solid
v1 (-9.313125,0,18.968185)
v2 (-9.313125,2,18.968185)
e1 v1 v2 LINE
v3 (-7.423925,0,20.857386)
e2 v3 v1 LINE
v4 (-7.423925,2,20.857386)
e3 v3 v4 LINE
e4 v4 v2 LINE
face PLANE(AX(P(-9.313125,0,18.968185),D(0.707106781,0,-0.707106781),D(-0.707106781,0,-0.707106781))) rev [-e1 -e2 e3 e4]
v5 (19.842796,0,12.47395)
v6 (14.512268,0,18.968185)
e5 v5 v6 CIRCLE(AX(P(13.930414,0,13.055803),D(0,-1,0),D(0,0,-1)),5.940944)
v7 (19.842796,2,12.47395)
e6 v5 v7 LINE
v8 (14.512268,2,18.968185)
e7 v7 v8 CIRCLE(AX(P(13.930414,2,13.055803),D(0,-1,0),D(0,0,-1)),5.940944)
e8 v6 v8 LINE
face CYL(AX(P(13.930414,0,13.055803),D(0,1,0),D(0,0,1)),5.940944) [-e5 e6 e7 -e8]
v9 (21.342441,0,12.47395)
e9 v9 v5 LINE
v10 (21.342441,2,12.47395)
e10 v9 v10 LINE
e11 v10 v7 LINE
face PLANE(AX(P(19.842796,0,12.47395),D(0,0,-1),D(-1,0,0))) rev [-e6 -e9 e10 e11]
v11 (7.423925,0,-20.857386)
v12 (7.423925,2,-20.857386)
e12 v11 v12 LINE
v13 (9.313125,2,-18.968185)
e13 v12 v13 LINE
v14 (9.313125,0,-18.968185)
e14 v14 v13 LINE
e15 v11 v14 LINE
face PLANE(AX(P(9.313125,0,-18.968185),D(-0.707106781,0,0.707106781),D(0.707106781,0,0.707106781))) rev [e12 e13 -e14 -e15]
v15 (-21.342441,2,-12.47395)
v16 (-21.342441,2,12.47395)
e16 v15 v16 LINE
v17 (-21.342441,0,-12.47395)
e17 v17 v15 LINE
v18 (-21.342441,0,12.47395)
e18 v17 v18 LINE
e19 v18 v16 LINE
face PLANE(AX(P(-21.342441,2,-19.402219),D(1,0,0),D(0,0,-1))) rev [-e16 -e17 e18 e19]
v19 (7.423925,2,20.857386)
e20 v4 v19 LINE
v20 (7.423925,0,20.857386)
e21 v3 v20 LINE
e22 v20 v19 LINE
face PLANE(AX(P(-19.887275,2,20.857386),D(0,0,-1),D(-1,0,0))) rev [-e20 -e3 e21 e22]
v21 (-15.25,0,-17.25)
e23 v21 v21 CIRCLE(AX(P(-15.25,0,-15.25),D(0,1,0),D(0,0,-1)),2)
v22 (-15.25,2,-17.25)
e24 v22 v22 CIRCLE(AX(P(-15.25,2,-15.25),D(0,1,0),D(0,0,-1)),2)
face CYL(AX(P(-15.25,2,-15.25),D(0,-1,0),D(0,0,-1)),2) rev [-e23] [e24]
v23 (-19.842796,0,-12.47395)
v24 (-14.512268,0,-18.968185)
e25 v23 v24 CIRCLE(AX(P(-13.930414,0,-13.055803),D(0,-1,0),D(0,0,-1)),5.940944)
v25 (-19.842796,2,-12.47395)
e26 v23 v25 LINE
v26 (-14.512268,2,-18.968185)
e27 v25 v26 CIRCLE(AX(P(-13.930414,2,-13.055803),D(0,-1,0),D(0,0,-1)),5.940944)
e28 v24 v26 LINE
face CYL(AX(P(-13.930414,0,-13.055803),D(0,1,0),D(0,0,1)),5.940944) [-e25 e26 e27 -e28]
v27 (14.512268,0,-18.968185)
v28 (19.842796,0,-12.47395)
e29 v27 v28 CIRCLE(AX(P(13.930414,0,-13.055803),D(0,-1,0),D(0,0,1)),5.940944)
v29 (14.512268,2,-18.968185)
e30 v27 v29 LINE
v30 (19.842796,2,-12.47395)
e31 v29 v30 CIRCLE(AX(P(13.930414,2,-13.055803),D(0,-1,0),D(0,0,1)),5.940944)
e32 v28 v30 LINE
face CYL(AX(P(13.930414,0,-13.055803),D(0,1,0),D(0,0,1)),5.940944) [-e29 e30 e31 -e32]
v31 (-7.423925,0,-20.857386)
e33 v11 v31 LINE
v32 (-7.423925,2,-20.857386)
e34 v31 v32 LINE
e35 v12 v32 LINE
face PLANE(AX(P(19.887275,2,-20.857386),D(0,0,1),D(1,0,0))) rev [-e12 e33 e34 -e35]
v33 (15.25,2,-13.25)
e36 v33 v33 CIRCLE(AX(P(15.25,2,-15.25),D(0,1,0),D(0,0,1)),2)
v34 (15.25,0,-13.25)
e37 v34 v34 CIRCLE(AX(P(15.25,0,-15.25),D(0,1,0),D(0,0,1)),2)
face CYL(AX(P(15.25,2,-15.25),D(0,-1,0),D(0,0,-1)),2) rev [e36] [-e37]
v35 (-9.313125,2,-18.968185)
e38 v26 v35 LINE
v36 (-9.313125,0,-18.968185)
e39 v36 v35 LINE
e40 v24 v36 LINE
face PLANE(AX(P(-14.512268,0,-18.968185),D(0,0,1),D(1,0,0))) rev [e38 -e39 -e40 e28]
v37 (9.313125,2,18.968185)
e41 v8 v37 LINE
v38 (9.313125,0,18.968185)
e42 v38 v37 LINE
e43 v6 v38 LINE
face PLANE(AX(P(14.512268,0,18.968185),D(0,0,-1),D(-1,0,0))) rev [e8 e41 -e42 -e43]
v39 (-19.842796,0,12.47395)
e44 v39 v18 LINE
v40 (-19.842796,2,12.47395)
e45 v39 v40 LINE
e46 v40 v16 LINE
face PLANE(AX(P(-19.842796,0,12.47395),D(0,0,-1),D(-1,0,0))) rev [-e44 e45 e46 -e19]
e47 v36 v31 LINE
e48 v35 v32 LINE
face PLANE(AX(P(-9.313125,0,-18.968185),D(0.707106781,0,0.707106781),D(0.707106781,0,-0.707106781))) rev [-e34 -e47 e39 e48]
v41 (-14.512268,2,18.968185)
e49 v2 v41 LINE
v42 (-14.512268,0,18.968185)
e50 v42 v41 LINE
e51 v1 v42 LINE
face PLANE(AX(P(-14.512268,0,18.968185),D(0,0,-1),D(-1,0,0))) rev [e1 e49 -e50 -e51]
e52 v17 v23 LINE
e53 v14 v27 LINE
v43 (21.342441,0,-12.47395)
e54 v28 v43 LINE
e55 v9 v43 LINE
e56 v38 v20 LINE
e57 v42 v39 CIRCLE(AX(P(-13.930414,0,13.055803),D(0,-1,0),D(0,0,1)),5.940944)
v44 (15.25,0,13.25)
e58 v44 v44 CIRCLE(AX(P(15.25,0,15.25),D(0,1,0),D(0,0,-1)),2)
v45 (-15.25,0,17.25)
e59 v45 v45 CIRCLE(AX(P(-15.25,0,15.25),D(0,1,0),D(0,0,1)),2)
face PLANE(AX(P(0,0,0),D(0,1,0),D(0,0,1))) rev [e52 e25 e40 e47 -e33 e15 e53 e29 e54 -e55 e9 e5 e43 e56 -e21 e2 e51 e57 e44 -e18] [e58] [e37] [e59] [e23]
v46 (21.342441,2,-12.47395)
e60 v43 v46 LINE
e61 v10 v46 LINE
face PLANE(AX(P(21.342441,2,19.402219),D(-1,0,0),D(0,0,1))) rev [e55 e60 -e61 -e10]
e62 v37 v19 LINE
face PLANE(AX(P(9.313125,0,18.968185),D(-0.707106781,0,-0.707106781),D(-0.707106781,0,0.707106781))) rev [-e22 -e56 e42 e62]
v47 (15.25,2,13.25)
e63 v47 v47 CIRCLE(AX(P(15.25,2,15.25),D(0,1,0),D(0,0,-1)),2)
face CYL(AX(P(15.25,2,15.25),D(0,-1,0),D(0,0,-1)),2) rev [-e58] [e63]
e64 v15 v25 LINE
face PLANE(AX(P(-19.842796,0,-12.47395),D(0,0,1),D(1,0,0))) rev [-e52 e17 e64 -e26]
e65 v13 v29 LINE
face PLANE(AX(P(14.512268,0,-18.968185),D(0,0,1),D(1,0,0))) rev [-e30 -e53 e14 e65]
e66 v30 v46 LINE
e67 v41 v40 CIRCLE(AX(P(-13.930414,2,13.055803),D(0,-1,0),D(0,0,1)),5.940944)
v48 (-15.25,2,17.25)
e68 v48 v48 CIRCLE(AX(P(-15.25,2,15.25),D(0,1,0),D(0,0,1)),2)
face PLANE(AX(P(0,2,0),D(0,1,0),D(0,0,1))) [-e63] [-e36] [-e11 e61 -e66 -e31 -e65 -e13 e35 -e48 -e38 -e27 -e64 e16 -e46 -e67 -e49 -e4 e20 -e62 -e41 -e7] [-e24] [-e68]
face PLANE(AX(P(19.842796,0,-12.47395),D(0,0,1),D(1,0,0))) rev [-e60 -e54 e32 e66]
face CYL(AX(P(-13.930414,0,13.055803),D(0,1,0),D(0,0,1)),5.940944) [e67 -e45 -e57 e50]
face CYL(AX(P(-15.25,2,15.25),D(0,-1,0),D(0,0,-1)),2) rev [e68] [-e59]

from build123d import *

# Parameters (mm, degrees)
SKETCH_1_R          = 2
EXTRUDE_1_DEPTH     = 2
CUT_EXTRUDE_1_DEPTH = 30.908699941


with BuildPart() as part:
    # 草图1 → 凸台-拉伸1 (new body)
    with BuildSketch(Plane(origin=(0, 0, 0), x_dir=(1, 0, 0), z_dir=(0, 1, 0))):
        Polygon((-19.887274719, -20.85738568), (19.887274719, -20.85738568), (21.342441161, -19.402219238), (21.342441161, 19.402219238), (19.887274719, 20.85738568), (-19.887274719, 20.85738568), (-21.342441161, 19.402219238), (-21.342441161, -19.402219238), align=None)
        with Locations(Location((15.25, 15.25, 0), (0, 0, 270))):
            Circle(SKETCH_1_R, mode=Mode.SUBTRACT)
        with Locations(Location((-15.25, 15.25, 0), (0, 0, 90))):
            Circle(SKETCH_1_R, mode=Mode.SUBTRACT)
        with Locations(Location((15.25, -15.25, 0), (0, 0, 90))):
            Circle(SKETCH_1_R, mode=Mode.SUBTRACT)
        with Locations(Location((-15.25, -15.25, 0), (0, 0, 270))):
            Circle(SKETCH_1_R, mode=Mode.SUBTRACT)
    extrude(amount=EXTRUDE_1_DEPTH)

    # 草图2 → 切除-拉伸1 (cut, through all)
    with BuildSketch(Plane(origin=(0, 2, 0), x_dir=(1, 0, 0), z_dir=(0, 1, 0))):
        with BuildLine():
            Line((-19.842796432, 12.473949701), (-21.342441161, 12.473949701))
            Line((-21.342441161, 12.473949701), (-21.342441161, 20.85738568))
            Line((-21.342441161, 20.85738568), (-7.423925003, 20.85738568))
            Line((-7.423925003, 20.85738568), (-9.313125328, 18.968185355))
            Line((-9.313125328, 18.968185355), (-14.512267744, 18.968185355))
            ThreePointArc((-14.512267744, 18.968185355), (-18.522532331, 16.825056167), (-19.842796432, 12.473949701))
        make_face()
        with BuildLine():
            Line((7.423925003, 20.85738568), (21.342441161, 20.85738568))
            Line((21.342441161, 20.85738568), (21.342441161, 12.473949701))
            Line((21.342441161, 12.473949701), (19.842796432, 12.473949701))
            ThreePointArc((19.842796432, 12.473949701), (18.522532331, 16.825056167), (14.512267744, 18.968185355))
            Line((14.512267744, 18.968185355), (9.313125328, 18.968185355))
            Line((9.313125328, 18.968185355), (7.423925003, 20.85738568))
        make_face()
        with BuildLine():
            Line((9.313125328, -18.968185355), (7.423925003, -20.85738568))
            Line((7.423925003, -20.85738568), (21.342441161, -20.85738568))
            Line((21.342441161, -20.85738568), (21.342441161, -12.473949701))
            Line((21.342441161, -12.473949701), (19.842796432, -12.473949701))
            ThreePointArc((19.842796432, -12.473949701), (18.522532331, -16.825056167), (14.512267744, -18.968185355))
            Line((14.512267744, -18.968185355), (9.313125328, -18.968185355))
        make_face()
        with BuildLine():
            Line((-7.423925003, -20.85738568), (-21.342441161, -20.85738568))
            Line((-21.342441161, -20.85738568), (-21.342441161, -12.473949701))
            Line((-21.342441161, -12.473949701), (-19.842796432, -12.473949701))
            ThreePointArc((-19.842796432, -12.473949701), (-18.522532331, -16.825056167), (-14.512267744, -18.968185355))
            Line((-14.512267744, -18.968185355), (-9.313125328, -18.968185355))
            Line((-9.313125328, -18.968185355), (-7.423925003, -20.85738568))
        make_face()
    extrude(amount=-CUT_EXTRUDE_1_DEPTH, mode=Mode.SUBTRACT)


solid = part.part
